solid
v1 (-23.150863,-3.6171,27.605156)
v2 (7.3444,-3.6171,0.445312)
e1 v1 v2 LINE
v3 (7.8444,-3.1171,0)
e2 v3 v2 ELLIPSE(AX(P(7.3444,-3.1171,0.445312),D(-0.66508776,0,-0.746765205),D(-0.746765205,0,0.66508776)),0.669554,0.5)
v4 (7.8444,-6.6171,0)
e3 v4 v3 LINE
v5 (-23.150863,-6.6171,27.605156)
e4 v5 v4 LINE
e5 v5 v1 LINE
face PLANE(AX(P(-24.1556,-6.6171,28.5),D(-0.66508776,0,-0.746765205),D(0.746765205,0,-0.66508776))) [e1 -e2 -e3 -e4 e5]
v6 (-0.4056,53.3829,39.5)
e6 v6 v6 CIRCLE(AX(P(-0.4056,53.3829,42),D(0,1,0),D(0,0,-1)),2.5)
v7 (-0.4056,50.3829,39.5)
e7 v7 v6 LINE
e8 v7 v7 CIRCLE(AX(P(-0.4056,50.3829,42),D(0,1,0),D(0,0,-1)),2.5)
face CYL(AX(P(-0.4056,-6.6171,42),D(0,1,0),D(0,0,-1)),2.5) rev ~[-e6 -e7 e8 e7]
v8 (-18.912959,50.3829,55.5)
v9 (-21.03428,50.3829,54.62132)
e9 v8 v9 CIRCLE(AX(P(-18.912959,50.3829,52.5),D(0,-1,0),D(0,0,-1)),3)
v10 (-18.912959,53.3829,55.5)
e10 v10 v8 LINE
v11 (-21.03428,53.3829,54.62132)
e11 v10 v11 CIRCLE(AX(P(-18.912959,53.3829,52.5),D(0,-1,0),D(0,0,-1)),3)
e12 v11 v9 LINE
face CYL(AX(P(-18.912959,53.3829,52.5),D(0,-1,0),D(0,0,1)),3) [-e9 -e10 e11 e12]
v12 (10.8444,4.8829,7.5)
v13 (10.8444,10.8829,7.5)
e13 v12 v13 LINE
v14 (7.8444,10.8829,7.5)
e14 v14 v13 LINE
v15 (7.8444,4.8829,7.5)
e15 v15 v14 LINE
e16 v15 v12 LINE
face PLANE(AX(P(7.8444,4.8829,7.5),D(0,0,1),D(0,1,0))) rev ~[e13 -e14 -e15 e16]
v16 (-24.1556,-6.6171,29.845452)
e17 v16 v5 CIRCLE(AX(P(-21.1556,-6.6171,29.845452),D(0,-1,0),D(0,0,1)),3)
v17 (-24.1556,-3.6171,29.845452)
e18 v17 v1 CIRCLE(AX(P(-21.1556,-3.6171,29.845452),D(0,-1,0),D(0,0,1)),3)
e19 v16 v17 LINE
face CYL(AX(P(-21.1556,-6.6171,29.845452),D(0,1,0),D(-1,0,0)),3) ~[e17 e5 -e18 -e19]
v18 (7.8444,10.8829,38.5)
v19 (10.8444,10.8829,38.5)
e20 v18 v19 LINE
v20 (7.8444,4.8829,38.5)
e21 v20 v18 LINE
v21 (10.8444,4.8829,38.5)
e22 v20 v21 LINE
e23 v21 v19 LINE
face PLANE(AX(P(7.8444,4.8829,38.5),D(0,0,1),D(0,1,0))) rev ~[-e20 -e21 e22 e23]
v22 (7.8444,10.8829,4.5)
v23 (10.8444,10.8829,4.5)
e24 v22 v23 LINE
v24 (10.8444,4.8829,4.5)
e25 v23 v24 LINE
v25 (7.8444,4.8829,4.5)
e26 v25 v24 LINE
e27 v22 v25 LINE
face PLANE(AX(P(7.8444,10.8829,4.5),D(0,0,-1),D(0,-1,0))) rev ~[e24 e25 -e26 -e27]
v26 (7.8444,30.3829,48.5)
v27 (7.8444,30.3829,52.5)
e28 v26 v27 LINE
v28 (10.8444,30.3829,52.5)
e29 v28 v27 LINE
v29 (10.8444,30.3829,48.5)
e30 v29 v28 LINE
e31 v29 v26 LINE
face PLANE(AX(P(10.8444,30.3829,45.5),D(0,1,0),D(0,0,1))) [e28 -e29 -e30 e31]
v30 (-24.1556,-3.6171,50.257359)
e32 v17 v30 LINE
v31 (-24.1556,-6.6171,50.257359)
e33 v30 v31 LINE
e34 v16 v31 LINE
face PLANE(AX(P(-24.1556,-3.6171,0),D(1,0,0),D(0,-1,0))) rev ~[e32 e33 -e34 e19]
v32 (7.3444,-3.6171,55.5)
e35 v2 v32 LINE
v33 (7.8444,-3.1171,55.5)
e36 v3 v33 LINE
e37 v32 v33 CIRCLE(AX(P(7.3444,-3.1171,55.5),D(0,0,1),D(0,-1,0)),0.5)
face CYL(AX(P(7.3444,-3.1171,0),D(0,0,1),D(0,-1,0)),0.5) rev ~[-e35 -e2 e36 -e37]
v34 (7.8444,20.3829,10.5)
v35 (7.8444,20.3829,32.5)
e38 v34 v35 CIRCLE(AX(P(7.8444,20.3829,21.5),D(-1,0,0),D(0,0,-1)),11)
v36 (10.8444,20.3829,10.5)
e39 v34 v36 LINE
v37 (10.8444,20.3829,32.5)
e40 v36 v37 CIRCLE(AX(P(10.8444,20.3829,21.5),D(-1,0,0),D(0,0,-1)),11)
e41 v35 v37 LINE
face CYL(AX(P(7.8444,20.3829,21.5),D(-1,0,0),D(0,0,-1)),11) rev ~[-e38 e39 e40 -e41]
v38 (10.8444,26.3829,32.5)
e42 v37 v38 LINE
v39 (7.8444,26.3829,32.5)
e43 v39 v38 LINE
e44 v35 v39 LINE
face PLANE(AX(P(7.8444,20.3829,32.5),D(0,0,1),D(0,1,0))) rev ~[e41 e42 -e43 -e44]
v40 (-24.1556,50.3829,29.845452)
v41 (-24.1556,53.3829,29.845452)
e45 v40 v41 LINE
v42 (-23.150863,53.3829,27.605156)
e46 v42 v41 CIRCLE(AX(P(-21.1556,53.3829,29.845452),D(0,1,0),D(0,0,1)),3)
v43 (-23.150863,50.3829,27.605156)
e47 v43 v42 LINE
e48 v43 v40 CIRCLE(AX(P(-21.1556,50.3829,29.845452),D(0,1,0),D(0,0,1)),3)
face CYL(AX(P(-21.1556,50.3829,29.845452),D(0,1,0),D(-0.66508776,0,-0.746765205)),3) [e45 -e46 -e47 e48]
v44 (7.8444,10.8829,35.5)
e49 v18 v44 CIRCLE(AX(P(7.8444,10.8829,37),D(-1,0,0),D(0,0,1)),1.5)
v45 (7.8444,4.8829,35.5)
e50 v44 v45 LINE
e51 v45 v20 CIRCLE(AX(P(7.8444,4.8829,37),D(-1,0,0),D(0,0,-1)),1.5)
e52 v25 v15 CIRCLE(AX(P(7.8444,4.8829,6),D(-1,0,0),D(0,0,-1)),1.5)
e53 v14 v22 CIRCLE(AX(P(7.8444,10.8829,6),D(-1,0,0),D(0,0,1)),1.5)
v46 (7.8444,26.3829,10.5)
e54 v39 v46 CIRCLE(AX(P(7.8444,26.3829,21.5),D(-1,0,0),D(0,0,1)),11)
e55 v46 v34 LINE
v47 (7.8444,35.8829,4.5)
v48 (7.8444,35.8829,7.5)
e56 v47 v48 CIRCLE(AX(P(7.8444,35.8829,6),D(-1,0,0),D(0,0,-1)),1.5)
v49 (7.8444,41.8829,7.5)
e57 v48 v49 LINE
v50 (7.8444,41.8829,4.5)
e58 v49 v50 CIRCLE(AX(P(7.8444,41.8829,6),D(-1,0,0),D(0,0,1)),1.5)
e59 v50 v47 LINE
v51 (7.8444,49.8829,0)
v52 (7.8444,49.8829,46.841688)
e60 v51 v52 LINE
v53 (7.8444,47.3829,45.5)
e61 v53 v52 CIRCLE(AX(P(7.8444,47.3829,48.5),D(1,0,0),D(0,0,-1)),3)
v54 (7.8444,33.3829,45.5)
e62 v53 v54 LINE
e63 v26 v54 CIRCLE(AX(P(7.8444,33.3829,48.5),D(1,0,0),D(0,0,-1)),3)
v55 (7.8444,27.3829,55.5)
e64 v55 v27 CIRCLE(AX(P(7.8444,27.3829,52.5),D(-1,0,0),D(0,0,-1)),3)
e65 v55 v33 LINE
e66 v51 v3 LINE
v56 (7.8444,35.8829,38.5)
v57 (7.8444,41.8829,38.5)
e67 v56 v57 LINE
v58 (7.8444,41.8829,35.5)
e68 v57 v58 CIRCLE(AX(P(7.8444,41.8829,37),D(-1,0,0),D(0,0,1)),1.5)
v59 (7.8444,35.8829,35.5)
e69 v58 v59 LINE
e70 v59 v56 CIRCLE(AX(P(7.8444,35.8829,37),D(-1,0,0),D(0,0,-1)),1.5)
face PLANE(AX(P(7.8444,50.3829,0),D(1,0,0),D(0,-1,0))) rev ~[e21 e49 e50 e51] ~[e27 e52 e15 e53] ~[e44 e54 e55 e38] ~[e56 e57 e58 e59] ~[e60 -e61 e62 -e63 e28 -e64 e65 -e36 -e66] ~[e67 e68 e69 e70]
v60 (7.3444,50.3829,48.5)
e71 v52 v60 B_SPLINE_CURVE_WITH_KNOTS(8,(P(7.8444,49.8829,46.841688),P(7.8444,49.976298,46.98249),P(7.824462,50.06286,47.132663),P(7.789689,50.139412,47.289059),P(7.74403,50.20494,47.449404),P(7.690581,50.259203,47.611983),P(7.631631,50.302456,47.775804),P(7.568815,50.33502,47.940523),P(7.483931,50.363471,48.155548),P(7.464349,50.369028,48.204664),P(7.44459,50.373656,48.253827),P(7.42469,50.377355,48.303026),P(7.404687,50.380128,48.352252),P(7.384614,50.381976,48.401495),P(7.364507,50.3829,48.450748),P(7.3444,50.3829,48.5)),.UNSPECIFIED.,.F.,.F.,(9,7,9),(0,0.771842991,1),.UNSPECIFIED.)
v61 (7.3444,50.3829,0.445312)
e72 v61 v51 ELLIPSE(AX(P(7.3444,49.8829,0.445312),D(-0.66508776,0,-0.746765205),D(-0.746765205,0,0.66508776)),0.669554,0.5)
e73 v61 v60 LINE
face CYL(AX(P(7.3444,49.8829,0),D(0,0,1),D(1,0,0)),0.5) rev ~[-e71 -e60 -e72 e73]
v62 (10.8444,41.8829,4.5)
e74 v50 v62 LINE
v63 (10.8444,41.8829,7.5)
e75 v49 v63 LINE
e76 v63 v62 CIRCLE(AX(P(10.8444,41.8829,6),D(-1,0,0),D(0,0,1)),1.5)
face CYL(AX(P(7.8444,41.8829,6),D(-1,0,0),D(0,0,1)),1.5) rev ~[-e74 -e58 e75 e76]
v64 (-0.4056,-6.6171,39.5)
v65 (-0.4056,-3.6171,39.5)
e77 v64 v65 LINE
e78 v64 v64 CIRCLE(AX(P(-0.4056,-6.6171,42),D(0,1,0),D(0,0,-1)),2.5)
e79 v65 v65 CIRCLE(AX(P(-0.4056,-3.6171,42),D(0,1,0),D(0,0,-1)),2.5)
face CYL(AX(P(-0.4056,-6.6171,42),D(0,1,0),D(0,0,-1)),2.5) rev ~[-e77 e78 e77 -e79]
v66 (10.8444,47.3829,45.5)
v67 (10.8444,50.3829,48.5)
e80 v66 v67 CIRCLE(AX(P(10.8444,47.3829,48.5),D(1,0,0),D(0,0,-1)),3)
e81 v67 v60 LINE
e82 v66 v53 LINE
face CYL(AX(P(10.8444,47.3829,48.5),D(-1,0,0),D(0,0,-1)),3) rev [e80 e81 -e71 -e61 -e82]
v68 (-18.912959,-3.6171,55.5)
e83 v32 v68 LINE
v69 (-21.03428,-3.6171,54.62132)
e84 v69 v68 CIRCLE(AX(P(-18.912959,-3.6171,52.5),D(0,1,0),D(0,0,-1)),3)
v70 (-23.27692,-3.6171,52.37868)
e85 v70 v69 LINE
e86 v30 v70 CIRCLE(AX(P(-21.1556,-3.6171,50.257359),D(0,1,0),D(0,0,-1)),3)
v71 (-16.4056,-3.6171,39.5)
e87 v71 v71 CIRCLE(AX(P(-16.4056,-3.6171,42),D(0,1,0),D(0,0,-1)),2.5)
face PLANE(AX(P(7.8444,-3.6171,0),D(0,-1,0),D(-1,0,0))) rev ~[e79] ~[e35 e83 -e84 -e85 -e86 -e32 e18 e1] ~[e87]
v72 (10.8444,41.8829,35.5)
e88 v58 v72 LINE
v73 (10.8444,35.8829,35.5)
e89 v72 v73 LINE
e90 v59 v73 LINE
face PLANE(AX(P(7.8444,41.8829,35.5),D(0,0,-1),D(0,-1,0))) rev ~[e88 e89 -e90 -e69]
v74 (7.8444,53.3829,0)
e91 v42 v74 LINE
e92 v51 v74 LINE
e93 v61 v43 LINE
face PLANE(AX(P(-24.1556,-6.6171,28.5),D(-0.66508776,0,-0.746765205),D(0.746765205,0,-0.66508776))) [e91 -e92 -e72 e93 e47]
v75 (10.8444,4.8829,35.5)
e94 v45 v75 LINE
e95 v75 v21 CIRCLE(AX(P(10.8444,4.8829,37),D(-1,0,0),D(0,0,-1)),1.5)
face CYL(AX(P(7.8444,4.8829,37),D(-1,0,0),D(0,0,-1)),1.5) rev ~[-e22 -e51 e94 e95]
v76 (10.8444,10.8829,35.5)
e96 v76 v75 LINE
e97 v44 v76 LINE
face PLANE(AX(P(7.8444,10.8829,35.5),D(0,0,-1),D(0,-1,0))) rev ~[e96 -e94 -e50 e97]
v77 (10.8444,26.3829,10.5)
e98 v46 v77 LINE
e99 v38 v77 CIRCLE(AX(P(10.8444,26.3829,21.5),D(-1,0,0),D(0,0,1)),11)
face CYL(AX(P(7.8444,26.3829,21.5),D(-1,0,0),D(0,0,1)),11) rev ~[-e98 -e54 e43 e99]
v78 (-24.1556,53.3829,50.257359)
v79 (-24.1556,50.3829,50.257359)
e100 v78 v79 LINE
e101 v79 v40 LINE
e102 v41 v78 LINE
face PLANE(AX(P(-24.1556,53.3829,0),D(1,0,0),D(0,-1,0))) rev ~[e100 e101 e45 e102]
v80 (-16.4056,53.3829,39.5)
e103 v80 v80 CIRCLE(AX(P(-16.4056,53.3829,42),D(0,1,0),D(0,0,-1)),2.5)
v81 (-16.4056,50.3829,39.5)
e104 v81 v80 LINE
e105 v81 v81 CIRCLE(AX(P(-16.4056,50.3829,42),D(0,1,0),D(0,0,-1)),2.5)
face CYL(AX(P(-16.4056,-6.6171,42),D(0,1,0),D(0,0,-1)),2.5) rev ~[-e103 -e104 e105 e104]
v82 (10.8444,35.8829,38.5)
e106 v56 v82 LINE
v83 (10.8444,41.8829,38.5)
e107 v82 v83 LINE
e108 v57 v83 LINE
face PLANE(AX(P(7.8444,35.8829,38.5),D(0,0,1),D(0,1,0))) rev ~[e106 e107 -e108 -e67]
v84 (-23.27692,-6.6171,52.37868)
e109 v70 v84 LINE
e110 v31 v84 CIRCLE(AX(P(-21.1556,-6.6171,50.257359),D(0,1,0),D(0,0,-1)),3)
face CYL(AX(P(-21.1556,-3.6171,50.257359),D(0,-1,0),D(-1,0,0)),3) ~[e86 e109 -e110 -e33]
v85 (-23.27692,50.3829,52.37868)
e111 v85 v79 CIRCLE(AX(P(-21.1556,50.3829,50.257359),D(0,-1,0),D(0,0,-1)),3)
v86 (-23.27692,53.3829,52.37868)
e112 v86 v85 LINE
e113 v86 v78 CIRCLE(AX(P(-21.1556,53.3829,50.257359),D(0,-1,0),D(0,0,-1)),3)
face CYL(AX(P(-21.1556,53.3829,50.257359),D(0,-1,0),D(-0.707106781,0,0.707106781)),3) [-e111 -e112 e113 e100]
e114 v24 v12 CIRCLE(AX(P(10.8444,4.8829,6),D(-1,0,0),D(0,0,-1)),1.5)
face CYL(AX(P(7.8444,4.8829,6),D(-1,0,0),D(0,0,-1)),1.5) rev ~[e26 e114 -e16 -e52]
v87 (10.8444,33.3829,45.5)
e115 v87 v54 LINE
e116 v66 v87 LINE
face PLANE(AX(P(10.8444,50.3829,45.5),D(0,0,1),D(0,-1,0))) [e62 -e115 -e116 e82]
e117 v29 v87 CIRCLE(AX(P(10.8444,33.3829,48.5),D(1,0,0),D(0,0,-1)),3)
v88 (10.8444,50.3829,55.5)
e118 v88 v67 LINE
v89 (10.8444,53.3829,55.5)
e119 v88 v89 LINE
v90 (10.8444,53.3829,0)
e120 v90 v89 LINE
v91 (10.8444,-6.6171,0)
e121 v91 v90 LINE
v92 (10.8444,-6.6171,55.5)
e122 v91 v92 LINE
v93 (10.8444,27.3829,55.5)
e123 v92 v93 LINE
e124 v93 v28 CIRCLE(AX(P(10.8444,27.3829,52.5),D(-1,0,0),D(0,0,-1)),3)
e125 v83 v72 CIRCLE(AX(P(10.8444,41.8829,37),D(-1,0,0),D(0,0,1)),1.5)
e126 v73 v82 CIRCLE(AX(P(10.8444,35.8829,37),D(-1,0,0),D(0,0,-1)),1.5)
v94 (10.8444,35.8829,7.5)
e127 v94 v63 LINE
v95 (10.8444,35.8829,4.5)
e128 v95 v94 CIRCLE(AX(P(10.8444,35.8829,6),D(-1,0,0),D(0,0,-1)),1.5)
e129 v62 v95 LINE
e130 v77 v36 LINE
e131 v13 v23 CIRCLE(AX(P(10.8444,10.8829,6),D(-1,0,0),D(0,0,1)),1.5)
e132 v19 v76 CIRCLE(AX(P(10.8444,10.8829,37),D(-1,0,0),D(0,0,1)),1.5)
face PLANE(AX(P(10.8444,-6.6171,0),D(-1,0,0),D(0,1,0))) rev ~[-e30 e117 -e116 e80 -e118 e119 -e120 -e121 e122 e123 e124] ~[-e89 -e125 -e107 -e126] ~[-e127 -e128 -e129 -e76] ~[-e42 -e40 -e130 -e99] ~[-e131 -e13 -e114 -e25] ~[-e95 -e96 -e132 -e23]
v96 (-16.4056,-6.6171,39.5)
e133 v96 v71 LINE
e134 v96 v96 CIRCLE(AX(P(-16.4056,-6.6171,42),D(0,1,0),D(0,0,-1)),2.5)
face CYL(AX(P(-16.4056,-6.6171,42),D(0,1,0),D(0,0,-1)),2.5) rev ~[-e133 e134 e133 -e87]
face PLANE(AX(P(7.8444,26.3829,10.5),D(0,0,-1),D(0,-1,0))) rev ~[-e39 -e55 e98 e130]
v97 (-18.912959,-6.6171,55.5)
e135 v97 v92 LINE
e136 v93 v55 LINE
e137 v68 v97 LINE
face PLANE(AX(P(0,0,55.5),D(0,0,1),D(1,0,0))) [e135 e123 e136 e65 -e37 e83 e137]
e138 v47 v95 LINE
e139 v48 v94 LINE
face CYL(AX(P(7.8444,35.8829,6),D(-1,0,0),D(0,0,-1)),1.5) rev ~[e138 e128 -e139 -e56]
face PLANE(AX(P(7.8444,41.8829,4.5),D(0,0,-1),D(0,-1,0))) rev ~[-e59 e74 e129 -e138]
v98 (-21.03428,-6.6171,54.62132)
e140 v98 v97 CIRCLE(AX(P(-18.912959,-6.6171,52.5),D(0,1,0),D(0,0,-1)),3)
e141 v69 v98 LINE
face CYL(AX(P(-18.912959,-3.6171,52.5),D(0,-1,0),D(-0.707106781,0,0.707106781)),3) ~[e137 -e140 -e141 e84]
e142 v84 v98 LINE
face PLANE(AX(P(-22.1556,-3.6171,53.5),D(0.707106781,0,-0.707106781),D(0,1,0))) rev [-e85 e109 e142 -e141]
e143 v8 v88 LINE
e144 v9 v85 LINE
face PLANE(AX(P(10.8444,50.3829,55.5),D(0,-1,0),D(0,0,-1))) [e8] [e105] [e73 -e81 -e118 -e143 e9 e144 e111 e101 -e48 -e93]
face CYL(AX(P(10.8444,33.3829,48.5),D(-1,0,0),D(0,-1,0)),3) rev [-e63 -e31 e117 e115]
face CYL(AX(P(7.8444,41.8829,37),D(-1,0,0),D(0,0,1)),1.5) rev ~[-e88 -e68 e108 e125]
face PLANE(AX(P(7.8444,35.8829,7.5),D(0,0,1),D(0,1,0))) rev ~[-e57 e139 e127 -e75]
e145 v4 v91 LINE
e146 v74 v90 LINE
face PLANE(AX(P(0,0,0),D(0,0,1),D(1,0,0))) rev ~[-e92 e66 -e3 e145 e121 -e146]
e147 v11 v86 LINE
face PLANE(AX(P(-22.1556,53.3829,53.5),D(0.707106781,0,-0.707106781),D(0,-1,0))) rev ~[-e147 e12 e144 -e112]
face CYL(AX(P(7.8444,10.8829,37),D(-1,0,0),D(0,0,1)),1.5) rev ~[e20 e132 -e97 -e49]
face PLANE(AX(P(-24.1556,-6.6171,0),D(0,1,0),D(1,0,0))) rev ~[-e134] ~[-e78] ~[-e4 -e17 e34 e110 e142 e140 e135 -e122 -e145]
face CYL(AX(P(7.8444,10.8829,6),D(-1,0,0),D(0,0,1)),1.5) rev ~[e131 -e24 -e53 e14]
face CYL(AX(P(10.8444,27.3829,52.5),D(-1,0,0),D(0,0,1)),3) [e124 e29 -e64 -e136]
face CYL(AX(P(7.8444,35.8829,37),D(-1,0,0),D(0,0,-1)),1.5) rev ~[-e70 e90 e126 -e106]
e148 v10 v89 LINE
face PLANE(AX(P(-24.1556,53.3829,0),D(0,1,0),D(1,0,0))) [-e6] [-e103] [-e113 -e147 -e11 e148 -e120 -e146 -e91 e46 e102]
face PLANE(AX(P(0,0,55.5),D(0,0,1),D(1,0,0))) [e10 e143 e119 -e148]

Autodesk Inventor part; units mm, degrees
ref_plane "YZ Plane" through (0, 0, 0) normal (1, 0, 0) x (0, 1, 0)
ref_plane "XZ Plane" through (0, 0, 0) normal (0, 1, 0) x (-1, 0, 0)
ref_plane "XY Plane" through (0, 0, 0) normal (0, 0, 1) x (1, 0, 0)
sketch "Szkic1" plane through (0, 0, 0) normal (0, 0, 1) x (1, 0, 0)
  line L0 (-24.1556, -3.6171) -> (-24.1556, -6.6171)
  line L1 (-24.1556, -6.6171) -> (10.8444, -6.6171)
  line L2 (10.8444, -6.6171) -> (10.8444, 53.3829)
  line L3 (7.8444, 50.3829) -> (7.8444, -3.6171)
  line L4 (7.8444, -3.6171) -> (-24.1556, -3.6171)
  line L5 (-24.1556, 53.3829) -> (-24.1556, 50.3829)
  line L6 (-24.1556, 50.3829) -> (7.8444, 50.3829)
  line L7 (-24.1556, 53.3829) -> (10.8444, 53.3829)
  point P0 (0, 0)
  dimension "d2" = 60
  dimension "d87" = 3
  dimension "d89" = 3
  dimension "d90" = 3
  dimension "d123" = 35
  dimension "d124" = 35
extrude "Wyciągnięcie proste1" add sketch "Szkic1" along normal blind 55.5
fillet "Zaokrąglenie1" radius 0.5 2 edges at (7.8444, -3.6171, 27.75) (7.8444, 50.3829, 27.75)
sketch "Szkic9" plane through (7.8444, -3.1171, 0) normal (-1, 0, 0) x (0, 0, 1)
  line L0 (42.5, 5.5) -> (0.5, 5.5)
  line L1 (0.5, 5.5) -> (0.5, 47.5)
  line L2 (0.5, 47.5) -> (42.5, 47.5)
  line L3 (42.5, 47.5) -> (42.5, 5.5)
  line L4 (0, 53) -> (55.5, 53) projected
  line L5 (0, 53) -> (0, 0) projected
  line L6 (55.5, 0) -> (0, 0) projected
  line L7 (55.5, 53) -> (55.5, 0) projected
  line L8 (37, 14) -> (37, 8) construction
  line L9 (35.5, 14) -> (35.5, 8)
  line L10 (38.5, 8) -> (38.5, 14)
  arc A0 (38.5, 14) -> (35.5, 14) centre (37, 14) ccw
  arc A1 (35.5, 8) -> (38.5, 8) centre (37, 8) ccw
  line L11 (37, 45) -> (37, 39) construction
  line L12 (35.5, 45) -> (35.5, 39)
  line L13 (38.5, 39) -> (38.5, 45)
  arc A2 (38.5, 45) -> (35.5, 45) centre (37, 45) ccw
  arc A3 (35.5, 39) -> (38.5, 39) centre (37, 39) ccw
  line L14 (6, 14) -> (6, 8) construction
  line L15 (4.5, 14) -> (4.5, 8)
  line L16 (7.5, 8) -> (7.5, 14)
  arc A4 (7.5, 14) -> (4.5, 14) centre (6, 14) ccw
  arc A5 (4.5, 8) -> (7.5, 8) centre (6, 8) ccw
  line L17 (6, 45) -> (6, 39) construction
  line L18 (4.5, 45) -> (4.5, 39)
  line L19 (7.5, 39) -> (7.5, 45)
  arc A6 (7.5, 45) -> (4.5, 45) centre (6, 45) ccw
  arc A7 (4.5, 39) -> (7.5, 39) centre (6, 39) ccw
  line L20 (21.5, 29.5) -> (21.5, 23.5) construction
  line L21 (10.5, 29.5) -> (10.5, 23.5)
  line L22 (32.5, 23.5) -> (32.5, 29.5)
  arc A8 (32.5, 29.5) -> (10.5, 29.5) centre (21.5, 29.5) ccw
  arc A9 (10.5, 23.5) -> (32.5, 23.5) centre (21.5, 23.5) ccw
  point P0 (0, 3.1171)
  point P1 (37, 11)
  point P2 (6, 11)
  point P3 (37, 42)
  point P4 (6, 42)
  point P5 (21.5, 26.5)
  dimension "d128" = 42
  dimension "d129" = 42
  dimension "d130" = 5.5
  dimension "d131" = 0.5
  dimension "d132" = 53
  dimension "d133" = 5.5
  dimension "d134" = 5.5
  dimension "d135" = 5.5
  dimension "d136" = 5.5
  dimension "d137" = 5.5
  dimension "d138" = 5.5
  dimension "d139" = 5.5
  dimension "d140" = 5.5
  dimension "d141" = 21
  dimension "d142" = 21
  dimension "d143" = 3
  dimension "d144" = 3
  dimension "d145" = 3
  dimension "d146" = 3
  dimension "d147" = 3
  dimension "d148" = 3
  dimension "d149" = 3
  dimension "d150" = 3
  dimension "d151" = 3
  dimension "d152" = 22
extrude "Wyciągnięcie proste4" cut sketch "Szkic9" against normal blind 3 contours A0 L10 A1 L9 | A2 L13 A3 L12 | A4 L16 A5 L15 | A6 L19 A7 L18 | A8 L22 A9 L21
sketch "Szkic10" plane through (-24.1556, -6.6171, 0) normal (0, -1, 0) x (1, 0, 0)
  line L0 (0, 0) -> (35, 0) projected
  line L1 (35, 0) -> (35, 55.5) projected
  line L2 (0, 55.5) -> (35, 55.5) projected
  line L3 (0, 0) -> (0, 55.5) projected
  line L4 (32, 55.5) -> (32, 0) projected
  line L5 (0, 28.5) -> (32, 28.5)
  line L6 (32, 10.5) -> (32, 32.5) projected
  line L7 (0, 28.5) -> (32, 0)
  point P0 (24.1556, 0)
  dimension "d155" = 28.5
extrude "Wyciągnięcie proste5" cut sketch "Szkic10" against normal up to surface (60 mm away) contours L3 L7 L0
sketch "Szkic11" plane through (-24.1556, -6.6171, 55.5) normal (0, -1, 0) x (1, 0, 0)
  line L0 (0, -27) -> (32, -55.5) projected
  line L1 (32, -55.5) -> (35, -55.5) projected
  line L2 (35, -55.5) -> (35, 0) projected
  line L3 (0, 0) -> (35, 0) projected
  line L4 (0, -27) -> (0, 0) projected
  line L5 (31.5, -55.0547) -> (31.5, 0) projected
  line L6 (32, 0) -> (32, -55.5) projected
  point P0 (24.1556, -55.5)
  point P1 (7.75, -13.5)
  point P2 (23.75, -13.5)
  dimension "d158" = 13.5
  dimension "d159" = 13.5
  dimension "d160" = 16
  dimension "d161" = 31.5
  dimension "d162" = 7.75
hole "Otwór7" at (-16.4056, -6.6171, 42) at (-0.4056, -6.6171, 42) direction (0, 1, 0) diameter 5 end through all
chamfer "Faza5" distance 4 angle 45 2 edges at (-24.1556, -5.1171, 55.5) (-24.1556, 51.8829, 55.5)
fillet "Zaokrąglenie6" radius 3 6 edges at (-24.1556, -5.1171, 28.5) (-24.1556, 51.8829, 28.5) (-24.1556, 51.8829, 51.5) (-20.1556, 51.8829, 55.5) (-24.1556, -5.1171, 51.5) (-20.1556, -5.1171, 55.5)
sketch "Szkic12" plane through (10.8444, -6.6171, 0) normal (1, 0, 0) x (0, 0, -1)
  line L0 (-55.5, 57) -> (-0.4453, 57) projected
  arc A0 (-7.5, 42.5) -> (-4.5, 42.5) centre (-6, 42.5) ccw projected
  line L1 (-7.5, 42.5) -> (-7.5, 48.5) projected
  arc A1 (-4.5, 48.5) -> (-7.5, 48.5) centre (-6, 48.5) ccw projected
  line L2 (-4.5, 48.5) -> (-4.5, 42.5) projected
  arc A2 (-38.5, 42.5) -> (-35.5, 42.5) centre (-37, 42.5) ccw projected
  line L3 (-38.5, 42.5) -> (-38.5, 48.5) projected
  arc A3 (-35.5, 48.5) -> (-38.5, 48.5) centre (-37, 48.5) ccw projected
  line L4 (-35.5, 48.5) -> (-35.5, 42.5) projected
  arc A4 (-38.5, 11.5) -> (-35.5, 11.5) centre (-37, 11.5) ccw projected
  line L5 (-38.5, 11.5) -> (-38.5, 17.5) projected
  arc A5 (-35.5, 17.5) -> (-38.5, 17.5) centre (-37, 17.5) ccw projected
  line L6 (-35.5, 17.5) -> (-35.5, 11.5) projected
  arc A6 (-7.5, 11.5) -> (-4.5, 11.5) centre (-6, 11.5) ccw projected
  line L7 (-7.5, 11.5) -> (-7.5, 17.5) projected
  arc A7 (-4.5, 17.5) -> (-7.5, 17.5) centre (-6, 17.5) ccw projected
  line L8 (-4.5, 17.5) -> (-4.5, 11.5) projected
  arc A8 (-32.5, 27) -> (-10.5, 27) centre (-21.5, 27) ccw projected
  line L9 (-32.5, 27) -> (-32.5, 33) projected
  arc A9 (-10.5, 33) -> (-32.5, 33) centre (-21.5, 33) ccw projected
  line L10 (-10.5, 33) -> (-10.5, 27) projected
  line L11 (0, 0) -> (0, 60) projected
  line L12 (0, 60) -> (-55.5, 60) projected
  line L13 (-55.5, 0) -> (-55.5, 60) projected
  line L14 (0, 0) -> (-55.5, 0) projected
  line L15 (-0.4453, 3) -> (-55.5, 3) projected
  line L16 (-55.5, 57) -> (-45.5, 57)
  line L17 (-45.5, 57) -> (-45.5, 37)
  line L18 (-45.5, 37) -> (-55.5, 37)
  line L19 (-55.5, 37) -> (-55.5, 57)
  point P0 (0, 6.6171)
  dimension "d174" = 20
  dimension "d175" = 10
extrude "Wyciągnięcie proste6" cut sketch "Szkic12" against normal through all contours L0 L17 L18 L13
fillet "Zaokrąglenie7" radius 3 3 edges at (9.0944, 50.3829, 45.5) (9.3444, 30.3829, 45.5) (9.3444, 30.3829, 55.5)
equation "\"d124\" = d123"
equation "\"d130\" = -0.5 * d129 + 0.5 * d132"
equation "\"d134\" = d133"
equation "\"d135\" = d133"
equation "\"d136\" = d133"
equation "\"d137\" = d133"
equation "\"d138\" = d133"
equation "\"d139\" = d133"
equation "\"d140\" = d133"
equation "\"d141\" = 0.5 * d129"
equation "\"d142\" = d141"
equation "\"d159\" = d158"
equation "\"d162\" = -0.5 * d160 + 0.5 * d161"
properties part number "CNCM_ALU_Y_Axis_Nema_17_Mount"
